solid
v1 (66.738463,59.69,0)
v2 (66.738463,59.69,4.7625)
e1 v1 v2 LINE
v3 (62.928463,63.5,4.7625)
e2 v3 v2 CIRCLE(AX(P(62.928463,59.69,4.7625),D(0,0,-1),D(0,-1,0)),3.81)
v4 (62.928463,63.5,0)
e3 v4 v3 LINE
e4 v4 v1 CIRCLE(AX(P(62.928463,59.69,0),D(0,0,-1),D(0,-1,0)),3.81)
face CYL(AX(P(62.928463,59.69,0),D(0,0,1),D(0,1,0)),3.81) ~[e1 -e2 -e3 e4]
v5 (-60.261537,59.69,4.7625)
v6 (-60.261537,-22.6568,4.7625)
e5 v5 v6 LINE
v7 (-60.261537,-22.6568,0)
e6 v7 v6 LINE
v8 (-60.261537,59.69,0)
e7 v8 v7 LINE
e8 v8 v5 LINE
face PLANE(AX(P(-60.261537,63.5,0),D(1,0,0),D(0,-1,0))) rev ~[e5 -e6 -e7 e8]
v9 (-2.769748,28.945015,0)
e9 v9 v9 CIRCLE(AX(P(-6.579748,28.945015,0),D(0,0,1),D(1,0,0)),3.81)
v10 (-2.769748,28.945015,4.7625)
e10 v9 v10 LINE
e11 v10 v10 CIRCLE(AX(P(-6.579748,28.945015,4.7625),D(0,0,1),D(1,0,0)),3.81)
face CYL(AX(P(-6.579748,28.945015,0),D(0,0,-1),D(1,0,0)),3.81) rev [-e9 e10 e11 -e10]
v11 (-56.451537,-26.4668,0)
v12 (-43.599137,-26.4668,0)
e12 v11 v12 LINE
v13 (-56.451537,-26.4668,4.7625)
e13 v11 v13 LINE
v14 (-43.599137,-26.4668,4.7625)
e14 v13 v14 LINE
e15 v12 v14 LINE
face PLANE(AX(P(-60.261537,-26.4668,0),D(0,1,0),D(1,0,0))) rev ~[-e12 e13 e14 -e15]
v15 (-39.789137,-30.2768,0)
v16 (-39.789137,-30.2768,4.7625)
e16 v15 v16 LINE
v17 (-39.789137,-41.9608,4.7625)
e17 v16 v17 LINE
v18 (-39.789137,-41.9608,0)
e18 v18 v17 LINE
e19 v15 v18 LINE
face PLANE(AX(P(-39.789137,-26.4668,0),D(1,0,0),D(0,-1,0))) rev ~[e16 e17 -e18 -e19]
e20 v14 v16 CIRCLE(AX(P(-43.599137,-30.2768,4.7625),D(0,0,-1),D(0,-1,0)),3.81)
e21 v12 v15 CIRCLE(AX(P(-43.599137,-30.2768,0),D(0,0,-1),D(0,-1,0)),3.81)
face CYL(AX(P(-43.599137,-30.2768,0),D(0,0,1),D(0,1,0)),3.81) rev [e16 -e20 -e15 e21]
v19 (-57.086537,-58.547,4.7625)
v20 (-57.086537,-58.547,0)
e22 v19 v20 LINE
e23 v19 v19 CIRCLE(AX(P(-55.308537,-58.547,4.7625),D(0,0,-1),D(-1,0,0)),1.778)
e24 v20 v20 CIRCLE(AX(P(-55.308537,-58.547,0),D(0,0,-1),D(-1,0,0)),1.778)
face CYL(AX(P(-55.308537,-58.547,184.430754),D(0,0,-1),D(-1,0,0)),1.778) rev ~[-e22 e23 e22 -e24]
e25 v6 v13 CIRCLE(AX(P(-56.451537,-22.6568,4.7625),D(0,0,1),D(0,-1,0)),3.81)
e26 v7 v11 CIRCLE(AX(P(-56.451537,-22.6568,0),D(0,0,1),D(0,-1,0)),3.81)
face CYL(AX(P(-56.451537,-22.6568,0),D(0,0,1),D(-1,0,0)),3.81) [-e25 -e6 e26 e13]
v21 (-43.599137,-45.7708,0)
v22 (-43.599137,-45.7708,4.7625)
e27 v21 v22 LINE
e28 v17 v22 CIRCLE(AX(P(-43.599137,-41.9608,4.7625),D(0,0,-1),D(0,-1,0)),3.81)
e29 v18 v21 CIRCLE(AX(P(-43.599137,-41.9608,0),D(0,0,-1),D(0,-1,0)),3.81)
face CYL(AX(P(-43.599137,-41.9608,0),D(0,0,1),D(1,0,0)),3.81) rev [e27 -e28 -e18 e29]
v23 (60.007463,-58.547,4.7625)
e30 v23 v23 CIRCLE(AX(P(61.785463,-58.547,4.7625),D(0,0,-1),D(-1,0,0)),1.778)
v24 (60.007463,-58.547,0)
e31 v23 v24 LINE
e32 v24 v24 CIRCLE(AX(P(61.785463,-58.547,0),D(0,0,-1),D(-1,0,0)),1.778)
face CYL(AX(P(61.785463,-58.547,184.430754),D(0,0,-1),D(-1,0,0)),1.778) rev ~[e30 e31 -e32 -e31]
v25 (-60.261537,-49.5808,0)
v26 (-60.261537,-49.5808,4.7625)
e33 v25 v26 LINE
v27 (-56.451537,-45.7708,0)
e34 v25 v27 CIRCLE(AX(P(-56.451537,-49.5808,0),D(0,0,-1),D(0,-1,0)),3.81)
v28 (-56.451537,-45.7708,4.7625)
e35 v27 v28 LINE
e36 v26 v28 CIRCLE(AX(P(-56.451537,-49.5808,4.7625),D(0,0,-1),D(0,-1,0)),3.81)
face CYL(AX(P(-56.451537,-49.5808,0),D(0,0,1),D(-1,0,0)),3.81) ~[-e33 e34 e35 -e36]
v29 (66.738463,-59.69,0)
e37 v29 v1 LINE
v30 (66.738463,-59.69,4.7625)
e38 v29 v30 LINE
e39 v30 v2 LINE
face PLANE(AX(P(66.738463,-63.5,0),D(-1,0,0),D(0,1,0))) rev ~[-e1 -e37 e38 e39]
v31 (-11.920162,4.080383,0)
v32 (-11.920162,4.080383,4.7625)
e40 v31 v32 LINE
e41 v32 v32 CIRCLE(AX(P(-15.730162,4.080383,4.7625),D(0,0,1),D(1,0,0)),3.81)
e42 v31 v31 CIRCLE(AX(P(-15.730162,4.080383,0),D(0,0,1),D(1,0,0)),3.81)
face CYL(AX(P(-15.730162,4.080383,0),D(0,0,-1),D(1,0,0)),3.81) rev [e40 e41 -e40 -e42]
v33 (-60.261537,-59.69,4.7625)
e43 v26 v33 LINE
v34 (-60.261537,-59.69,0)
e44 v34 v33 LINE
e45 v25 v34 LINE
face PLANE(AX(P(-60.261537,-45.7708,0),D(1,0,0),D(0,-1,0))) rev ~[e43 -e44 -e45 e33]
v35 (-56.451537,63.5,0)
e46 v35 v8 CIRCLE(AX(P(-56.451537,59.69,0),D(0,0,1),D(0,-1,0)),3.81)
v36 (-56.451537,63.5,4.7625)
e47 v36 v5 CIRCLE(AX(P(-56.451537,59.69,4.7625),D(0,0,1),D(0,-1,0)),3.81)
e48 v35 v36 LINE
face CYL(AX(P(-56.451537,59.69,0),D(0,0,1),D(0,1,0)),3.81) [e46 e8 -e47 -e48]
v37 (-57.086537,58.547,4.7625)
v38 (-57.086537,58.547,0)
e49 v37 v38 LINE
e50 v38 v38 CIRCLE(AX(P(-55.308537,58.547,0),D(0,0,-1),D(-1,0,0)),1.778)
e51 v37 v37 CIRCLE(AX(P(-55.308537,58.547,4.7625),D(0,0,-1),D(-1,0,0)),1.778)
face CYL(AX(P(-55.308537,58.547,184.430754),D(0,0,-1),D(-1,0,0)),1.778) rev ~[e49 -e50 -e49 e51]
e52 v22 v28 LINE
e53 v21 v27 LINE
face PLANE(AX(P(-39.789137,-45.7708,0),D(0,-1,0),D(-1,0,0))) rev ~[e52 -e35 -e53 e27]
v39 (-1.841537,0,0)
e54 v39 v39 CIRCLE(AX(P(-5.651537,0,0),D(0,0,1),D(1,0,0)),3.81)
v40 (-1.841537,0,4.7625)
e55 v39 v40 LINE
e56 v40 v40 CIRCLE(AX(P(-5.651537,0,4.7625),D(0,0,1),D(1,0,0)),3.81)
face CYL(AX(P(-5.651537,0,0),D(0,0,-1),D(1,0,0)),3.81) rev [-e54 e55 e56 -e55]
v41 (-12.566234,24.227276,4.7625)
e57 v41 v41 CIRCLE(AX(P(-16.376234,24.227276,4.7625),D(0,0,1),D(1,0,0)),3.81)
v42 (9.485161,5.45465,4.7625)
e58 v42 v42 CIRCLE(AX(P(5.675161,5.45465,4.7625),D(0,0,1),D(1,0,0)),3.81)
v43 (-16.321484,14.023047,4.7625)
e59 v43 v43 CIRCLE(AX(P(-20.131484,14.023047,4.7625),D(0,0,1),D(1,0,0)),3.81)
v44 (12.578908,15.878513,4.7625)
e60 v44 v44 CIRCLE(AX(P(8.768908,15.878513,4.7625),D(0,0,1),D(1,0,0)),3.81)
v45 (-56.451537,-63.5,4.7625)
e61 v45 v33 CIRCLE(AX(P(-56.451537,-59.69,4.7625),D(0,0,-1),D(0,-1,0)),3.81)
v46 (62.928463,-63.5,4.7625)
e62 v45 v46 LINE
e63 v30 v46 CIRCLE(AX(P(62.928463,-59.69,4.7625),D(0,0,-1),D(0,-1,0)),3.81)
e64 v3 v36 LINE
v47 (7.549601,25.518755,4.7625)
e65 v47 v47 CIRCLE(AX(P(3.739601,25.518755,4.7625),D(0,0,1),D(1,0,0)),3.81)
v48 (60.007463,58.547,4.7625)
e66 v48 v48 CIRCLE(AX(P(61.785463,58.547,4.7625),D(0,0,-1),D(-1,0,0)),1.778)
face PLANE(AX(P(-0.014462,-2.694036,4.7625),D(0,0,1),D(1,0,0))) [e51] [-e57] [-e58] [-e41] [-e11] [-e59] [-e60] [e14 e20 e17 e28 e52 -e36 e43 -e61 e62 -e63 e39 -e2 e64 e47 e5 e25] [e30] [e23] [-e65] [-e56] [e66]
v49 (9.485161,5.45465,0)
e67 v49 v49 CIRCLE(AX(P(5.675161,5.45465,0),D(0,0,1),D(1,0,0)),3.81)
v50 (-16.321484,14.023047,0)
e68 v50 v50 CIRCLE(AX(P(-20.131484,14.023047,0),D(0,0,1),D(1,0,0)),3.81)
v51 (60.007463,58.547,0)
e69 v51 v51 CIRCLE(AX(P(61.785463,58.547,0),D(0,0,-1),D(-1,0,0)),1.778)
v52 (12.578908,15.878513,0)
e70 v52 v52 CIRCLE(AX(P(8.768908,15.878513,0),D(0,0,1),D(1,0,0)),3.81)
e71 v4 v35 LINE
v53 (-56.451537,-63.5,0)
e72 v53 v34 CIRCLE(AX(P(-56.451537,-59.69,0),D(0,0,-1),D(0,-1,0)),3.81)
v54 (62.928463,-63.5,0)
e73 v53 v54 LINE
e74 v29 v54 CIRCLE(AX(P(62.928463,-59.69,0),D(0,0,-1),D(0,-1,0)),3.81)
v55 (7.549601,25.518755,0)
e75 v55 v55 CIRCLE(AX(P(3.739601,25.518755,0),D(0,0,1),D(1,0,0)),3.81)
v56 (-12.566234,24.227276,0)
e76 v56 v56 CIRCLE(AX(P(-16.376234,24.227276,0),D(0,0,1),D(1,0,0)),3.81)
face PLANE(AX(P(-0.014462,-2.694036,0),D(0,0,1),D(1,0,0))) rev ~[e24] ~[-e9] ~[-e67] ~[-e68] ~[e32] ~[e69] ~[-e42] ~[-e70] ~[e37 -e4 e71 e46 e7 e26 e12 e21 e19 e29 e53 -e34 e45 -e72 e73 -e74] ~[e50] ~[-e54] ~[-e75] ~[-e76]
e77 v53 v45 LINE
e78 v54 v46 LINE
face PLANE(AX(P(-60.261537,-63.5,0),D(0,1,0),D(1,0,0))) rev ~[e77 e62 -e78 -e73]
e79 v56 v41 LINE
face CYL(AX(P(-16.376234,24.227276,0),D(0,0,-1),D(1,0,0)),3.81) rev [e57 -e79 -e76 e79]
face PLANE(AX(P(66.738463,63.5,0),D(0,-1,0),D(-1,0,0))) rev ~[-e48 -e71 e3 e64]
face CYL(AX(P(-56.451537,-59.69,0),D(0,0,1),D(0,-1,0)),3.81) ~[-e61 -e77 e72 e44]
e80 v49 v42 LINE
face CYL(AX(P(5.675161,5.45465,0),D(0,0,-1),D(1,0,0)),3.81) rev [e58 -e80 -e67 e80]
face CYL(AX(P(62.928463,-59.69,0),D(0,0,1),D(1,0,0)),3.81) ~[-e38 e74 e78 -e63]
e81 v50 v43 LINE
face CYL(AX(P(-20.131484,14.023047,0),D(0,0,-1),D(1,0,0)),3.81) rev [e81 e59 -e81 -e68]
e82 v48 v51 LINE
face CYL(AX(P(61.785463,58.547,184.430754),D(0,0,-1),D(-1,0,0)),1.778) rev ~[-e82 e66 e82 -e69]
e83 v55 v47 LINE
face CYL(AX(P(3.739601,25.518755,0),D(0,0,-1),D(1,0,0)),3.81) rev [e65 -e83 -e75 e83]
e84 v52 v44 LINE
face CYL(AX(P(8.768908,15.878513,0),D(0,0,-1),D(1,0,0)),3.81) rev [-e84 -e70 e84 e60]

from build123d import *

# Parameters (mm, degrees)
F0_R     = 3.81
F1_DEPTH = 4.7625
F3_D     = 3.556
F4_R     = 3.81


with BuildPart() as f1:
    # F0 (on Top) → F1 (new body)
    with BuildSketch(Plane.XY):
        Polygon((66.738463, 63.5), (-60.261537, 63.5), (-60.261537, -26.4668), (-39.789137, -26.4668), (-39.789137, -45.7708), (-60.261537, -45.7708), (-60.261537, -63.5), (66.738463, -63.5), align=None)
        with Locations((-15.730162, 4.080383)):
            Circle(F0_R, mode=Mode.SUBTRACT)
        with Locations((-20.131484, 14.023047)):
            Circle(F0_R, mode=Mode.SUBTRACT)
        with Locations((-5.651537, 0)):
            Circle(F0_R, mode=Mode.SUBTRACT)
        with Locations((-16.376234, 24.227276)):
            Circle(F0_R, mode=Mode.SUBTRACT)
        with Locations((-6.579748, 28.945015)):
            Circle(F0_R, mode=Mode.SUBTRACT)
        with Locations((5.675161, 5.45465)):
            Circle(F0_R, mode=Mode.SUBTRACT)
        with Locations((8.768908, 15.878513)):
            Circle(F0_R, mode=Mode.SUBTRACT)
        with Locations((3.739601, 25.518755)):
            Circle(F0_R, mode=Mode.SUBTRACT)
    extrude(amount=F1_DEPTH)

    # F3 (through all)
    with Locations(Plane.XY.offset(4.7625)):
        with Locations((-55.308537, 58.547), (61.785463, 58.547), (-55.308537, -58.547), (61.785463, -58.547)):
            Hole(F3_D / 2)

    # F4
    f4_edges = [f1.edges().sort_by_distance(p)[0] for p in [
        (-60.261537, 63.5, 2.38125),
        (-60.261537, -63.5, 2.38125),
        (66.738463, -63.5, 2.38125),
        (66.738463, 63.5, 2.38125),
        (-60.261537, -26.4668, 2.38125),
        (-60.261537, -45.7708, 2.38125),
        (-39.789137, -26.4668, 2.38125),
        (-39.789137, -45.7708, 2.38125),
    ]]
    fillet(f4_edges, radius=F4_R)


solid = f1.part
